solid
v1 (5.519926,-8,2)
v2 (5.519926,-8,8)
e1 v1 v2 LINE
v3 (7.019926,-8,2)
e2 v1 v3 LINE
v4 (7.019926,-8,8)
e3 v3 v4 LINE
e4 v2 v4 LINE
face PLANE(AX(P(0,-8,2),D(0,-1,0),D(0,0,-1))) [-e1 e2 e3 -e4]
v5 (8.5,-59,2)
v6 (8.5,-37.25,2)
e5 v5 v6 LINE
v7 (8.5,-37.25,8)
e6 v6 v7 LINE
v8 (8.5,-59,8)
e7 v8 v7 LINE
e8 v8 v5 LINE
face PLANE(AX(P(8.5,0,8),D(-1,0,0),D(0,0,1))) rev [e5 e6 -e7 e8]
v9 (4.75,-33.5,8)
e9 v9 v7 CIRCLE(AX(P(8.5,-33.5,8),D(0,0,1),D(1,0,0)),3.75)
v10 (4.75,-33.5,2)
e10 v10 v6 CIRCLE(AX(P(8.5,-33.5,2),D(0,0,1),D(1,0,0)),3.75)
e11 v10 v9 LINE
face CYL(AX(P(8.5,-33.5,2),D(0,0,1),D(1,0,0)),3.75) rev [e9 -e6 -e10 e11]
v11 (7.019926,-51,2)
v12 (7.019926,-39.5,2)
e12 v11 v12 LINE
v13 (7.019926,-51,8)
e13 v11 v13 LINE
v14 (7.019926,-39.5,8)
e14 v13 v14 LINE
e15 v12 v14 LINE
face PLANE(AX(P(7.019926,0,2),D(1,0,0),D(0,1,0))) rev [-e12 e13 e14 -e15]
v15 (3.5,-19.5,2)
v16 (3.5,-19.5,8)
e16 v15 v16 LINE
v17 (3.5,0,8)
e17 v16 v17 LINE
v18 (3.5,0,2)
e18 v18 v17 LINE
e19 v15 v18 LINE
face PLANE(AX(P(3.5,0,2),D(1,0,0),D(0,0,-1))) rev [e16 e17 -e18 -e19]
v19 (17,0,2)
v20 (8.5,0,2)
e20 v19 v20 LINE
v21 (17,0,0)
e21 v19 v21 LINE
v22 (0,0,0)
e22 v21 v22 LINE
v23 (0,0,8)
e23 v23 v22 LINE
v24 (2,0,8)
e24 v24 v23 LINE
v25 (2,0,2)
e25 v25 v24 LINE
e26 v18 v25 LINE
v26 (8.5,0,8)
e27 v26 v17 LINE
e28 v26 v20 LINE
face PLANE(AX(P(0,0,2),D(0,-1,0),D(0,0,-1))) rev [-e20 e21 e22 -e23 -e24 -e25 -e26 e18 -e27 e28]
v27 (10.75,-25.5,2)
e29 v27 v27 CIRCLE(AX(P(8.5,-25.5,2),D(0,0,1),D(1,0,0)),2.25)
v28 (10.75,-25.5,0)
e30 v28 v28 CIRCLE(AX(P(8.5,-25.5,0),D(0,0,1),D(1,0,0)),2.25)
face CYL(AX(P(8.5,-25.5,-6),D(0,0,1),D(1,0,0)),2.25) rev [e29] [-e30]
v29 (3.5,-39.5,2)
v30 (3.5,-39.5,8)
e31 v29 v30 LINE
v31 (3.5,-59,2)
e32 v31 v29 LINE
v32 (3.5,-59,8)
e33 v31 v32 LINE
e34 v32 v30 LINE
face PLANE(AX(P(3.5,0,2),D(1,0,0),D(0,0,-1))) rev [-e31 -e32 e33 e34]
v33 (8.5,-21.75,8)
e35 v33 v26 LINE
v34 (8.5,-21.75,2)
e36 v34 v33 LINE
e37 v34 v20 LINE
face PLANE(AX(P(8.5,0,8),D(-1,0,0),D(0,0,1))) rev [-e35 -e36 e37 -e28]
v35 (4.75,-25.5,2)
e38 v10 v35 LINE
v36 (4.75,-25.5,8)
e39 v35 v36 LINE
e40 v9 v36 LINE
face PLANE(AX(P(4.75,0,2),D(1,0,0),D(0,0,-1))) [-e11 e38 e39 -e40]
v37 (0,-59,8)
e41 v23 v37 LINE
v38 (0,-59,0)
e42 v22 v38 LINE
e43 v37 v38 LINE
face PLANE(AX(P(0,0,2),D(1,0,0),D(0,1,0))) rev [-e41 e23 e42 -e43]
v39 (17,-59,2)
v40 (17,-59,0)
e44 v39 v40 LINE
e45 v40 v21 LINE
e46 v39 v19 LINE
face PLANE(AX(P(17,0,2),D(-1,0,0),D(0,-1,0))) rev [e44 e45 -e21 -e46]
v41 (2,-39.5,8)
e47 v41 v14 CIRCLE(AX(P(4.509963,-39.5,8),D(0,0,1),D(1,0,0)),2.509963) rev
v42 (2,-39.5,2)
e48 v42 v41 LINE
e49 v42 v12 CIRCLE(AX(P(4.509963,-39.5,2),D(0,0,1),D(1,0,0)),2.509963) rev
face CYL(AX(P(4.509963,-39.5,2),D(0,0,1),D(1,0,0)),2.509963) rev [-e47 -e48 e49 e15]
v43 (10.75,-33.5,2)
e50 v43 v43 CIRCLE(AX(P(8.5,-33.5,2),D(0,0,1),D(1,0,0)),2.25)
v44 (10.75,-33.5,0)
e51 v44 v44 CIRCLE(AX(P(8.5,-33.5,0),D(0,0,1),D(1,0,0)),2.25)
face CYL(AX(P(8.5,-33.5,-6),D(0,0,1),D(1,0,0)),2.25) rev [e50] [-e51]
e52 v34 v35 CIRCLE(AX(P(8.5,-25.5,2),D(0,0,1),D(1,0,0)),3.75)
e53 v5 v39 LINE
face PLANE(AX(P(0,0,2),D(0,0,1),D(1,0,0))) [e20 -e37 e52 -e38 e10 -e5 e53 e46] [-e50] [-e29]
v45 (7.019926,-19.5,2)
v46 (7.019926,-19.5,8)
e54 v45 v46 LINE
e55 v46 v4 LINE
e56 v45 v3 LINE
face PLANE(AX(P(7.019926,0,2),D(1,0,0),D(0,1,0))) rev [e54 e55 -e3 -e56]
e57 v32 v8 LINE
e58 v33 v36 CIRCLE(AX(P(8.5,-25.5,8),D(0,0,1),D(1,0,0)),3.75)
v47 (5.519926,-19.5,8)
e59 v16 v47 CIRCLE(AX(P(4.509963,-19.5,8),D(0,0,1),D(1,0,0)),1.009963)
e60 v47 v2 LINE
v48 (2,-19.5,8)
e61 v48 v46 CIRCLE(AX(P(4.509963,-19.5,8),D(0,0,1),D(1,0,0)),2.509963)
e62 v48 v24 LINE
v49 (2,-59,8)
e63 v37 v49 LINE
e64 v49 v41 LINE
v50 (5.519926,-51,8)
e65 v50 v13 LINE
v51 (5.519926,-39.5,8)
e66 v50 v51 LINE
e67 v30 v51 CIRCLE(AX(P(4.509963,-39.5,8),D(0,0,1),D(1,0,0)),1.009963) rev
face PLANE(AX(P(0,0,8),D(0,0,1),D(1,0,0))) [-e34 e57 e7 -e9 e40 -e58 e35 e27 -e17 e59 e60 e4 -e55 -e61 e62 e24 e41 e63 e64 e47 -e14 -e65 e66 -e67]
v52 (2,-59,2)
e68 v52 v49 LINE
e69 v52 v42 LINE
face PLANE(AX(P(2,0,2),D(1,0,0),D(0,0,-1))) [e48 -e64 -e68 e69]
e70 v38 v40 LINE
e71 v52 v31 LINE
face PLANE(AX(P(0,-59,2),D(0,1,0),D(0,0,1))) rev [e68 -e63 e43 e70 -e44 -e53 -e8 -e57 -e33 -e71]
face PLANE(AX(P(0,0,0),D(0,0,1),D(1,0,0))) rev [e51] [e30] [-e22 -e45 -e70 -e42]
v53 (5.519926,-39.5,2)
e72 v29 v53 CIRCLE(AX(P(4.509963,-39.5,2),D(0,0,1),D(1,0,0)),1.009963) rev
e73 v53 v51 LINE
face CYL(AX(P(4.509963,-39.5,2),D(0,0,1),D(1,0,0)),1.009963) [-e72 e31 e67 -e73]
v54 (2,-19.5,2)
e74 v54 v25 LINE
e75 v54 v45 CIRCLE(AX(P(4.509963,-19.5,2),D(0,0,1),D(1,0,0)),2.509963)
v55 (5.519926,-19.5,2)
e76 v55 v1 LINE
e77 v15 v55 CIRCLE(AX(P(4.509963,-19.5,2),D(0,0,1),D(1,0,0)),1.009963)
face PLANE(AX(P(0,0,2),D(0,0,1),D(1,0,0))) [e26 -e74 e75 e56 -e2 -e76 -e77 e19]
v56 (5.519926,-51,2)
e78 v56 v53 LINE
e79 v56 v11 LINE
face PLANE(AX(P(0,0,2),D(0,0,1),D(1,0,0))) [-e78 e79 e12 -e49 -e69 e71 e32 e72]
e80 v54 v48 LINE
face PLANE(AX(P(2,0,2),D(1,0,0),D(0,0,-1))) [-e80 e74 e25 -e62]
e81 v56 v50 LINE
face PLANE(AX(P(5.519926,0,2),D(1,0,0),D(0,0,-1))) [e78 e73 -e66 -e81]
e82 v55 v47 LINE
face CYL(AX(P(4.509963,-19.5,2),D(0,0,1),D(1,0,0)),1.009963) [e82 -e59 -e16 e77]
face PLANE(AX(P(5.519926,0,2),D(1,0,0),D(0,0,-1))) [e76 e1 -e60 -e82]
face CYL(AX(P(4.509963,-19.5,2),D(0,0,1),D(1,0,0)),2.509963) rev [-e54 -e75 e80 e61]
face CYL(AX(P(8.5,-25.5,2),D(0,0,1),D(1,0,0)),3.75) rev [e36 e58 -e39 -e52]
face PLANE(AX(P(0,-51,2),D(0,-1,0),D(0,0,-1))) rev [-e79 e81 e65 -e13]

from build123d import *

# Parameters (mm, degrees)
ESQUISSE1_W             = 17
ESQUISSE1_H             = 59
BOSS_EXTRU_1_DEPTH      = 2
ESQUISSE2_W             = 8.5
ESQUISSE2_H             = 59
BOSS_EXTRU_2_DEPTH      = 6
ESQUISSE3_W             = 1.5
ESQUISSE3_H             = 19.5
ESQUISSE3_H_2           = 11.5
ENL_V_MAT_EXTRU_1_DEPTH = 6
ESQUISSE4_R             = 2.25
ENL_V_MAT_EXTRU_2_DEPTH = 14
ENL_V_MAT_EXTRU_3_DEPTH = 6


with BuildPart() as part:
    # Esquisse1 → Boss.-Extru.1 (new body)
    with BuildSketch(Plane.XY):
        with Locations((8.5, -29.5)):
            Rectangle(ESQUISSE1_W, ESQUISSE1_H)
    extrude(amount=BOSS_EXTRU_1_DEPTH)

    # Esquisse2 → Boss.-Extru.2 (add)
    with BuildSketch(Plane.XY.offset(2)):
        with Locations((4.25, -29.5)):
            Rectangle(ESQUISSE2_W, ESQUISSE2_H)
    extrude(amount=BOSS_EXTRU_2_DEPTH)

    # Esquisse3 → Enlèv. mat.-Extru.1 (cut)
    with BuildSketch(Plane.XY.offset(8)):
        with Locations((2.75, -49.25)):
            Rectangle(ESQUISSE3_W, ESQUISSE3_H)
        with BuildLine():
            ThreePointArc((3.5, -37.202199257), (2.408191843, -38.127967907), (2, -39.5))
            Line((2, -39.5), (3.5, -39.5))
            Line((3.5, -39.5), (3.5, -37.202199257))
        make_face()
        with BuildLine():
            Line((3.5, -37.202199257), (3.5, -39.5))
            ThreePointArc((3.5, -39.5), (4.509962751, -38.490037249), (5.519925502, -39.5))
            Line((5.519925502, -39.5), (5.519925502, -37.202199257))
            ThreePointArc((5.519925502, -37.202199257), (4.509962751, -36.990037249), (3.5, -37.202199257))
        make_face()
        with BuildLine():
            Line((5.519925502, -37.202199257), (5.519925502, -39.5))
            Line((5.519925502, -39.5), (7.019925502, -39.5))
            ThreePointArc((7.019925502, -39.5), (6.611733659, -38.127967907), (5.519925502, -37.202199257))
        make_face()
        with Locations((6.269925502, -45.25)):
            Rectangle(ESQUISSE3_W, ESQUISSE3_H_2)
        with Locations((6.269925502, -13.75)):
            Rectangle(ESQUISSE3_W, ESQUISSE3_H_2)
        with Locations((2.75, -9.75)):
            Rectangle(ESQUISSE3_W, ESQUISSE3_H)
        with BuildLine():
            Line((3.5, -19.5), (2, -19.5))
            ThreePointArc((2, -19.5), (2.408191843, -20.872032093), (3.5, -21.797800743))
            Line((3.5, -21.797800743), (3.5, -19.5))
        make_face()
        with BuildLine():
            ThreePointArc((5.519925502, -19.5), (4.509962751, -20.509962751), (3.5, -19.5))
            Line((3.5, -19.5), (3.5, -21.797800743))
            ThreePointArc((3.5, -21.797800743), (4.509962751, -22.009962751), (5.519925502, -21.797800743))
            Line((5.519925502, -21.797800743), (5.519925502, -19.5))
        make_face()
        with BuildLine():
            Line((7.019925502, -19.5), (5.519925502, -19.5))
            Line((5.519925502, -19.5), (5.519925502, -21.797800743))
            ThreePointArc((5.519925502, -21.797800743), (6.611733659, -20.872032093), (7.019925502, -19.5))
        make_face()
    extrude(amount=-ENL_V_MAT_EXTRU_1_DEPTH, mode=Mode.SUBTRACT)

    # Esquisse4 → Enlèv. mat.-Extru.2 (cut)
    with BuildSketch(Plane.XY.offset(8)):
        with Locations((8.5, -33.5)):
            Circle(ESQUISSE4_R)
        with Locations((8.5, -25.5)):
            Circle(ESQUISSE4_R)
    extrude(amount=-ENL_V_MAT_EXTRU_2_DEPTH, mode=Mode.SUBTRACT)

    # Esquisse5 → Enlèv. mat.-Extru.3 (cut)
    with BuildSketch(Plane.XY.offset(8)):
        with BuildLine():
            Line((4.75, -25.5), (4.75, -33.5))
            ThreePointArc((4.75, -33.5), (5.848349571, -30.848349571), (8.5, -29.75))
            Line((8.5, -29.75), (8.5, -29.25))
            ThreePointArc((8.5, -29.25), (5.848349571, -28.151650429), (4.75, -25.5))
        make_face()
        with BuildLine():
            ThreePointArc((8.5, -21.75), (5.848349571, -22.848349571), (4.75, -25.5))
            ThreePointArc((4.75, -25.5), (5.848349571, -28.151650429), (8.5, -29.25))
            Line((8.5, -29.25), (8.5, -27.75))
            ThreePointArc((8.5, -27.75), (6.25, -25.5), (8.5, -23.25))
            Line((8.5, -23.25), (8.5, -21.75))
        make_face()
        with BuildLine():
            ThreePointArc((12.25, -25.5), (11.151650429, -22.848349571), (8.5, -21.75))
            Line((8.5, -21.75), (8.5, -23.25))
            ThreePointArc((8.5, -23.25), (6.25, -25.5), (8.5, -27.75))
            Line((8.5, -27.75), (8.5, -29.25))
            ThreePointArc((8.5, -29.25), (11.151650429, -28.151650429), (12.25, -25.5))
        make_face()
        with BuildLine():
            ThreePointArc((8.5, -29.75), (5.848349571, -30.848349571), (4.75, -33.5))
            ThreePointArc((4.75, -33.5), (5.848349571, -36.151650429), (8.5, -37.25))
            Line((8.5, -37.25), (8.5, -35.75))
            ThreePointArc((8.5, -35.75), (6.25, -33.5), (8.5, -31.25))
            Line((8.5, -31.25), (8.5, -29.75))
        make_face()
        with BuildLine():
            ThreePointArc((12.25, -33.5), (11.151650429, -30.848349571), (8.5, -29.75))
            Line((8.5, -29.75), (8.5, -31.25))
            ThreePointArc((8.5, -31.25), (6.25, -33.5), (8.5, -35.75))
            Line((8.5, -35.75), (8.5, -37.25))
            ThreePointArc((8.5, -37.25), (11.151650429, -36.151650429), (12.25, -33.5))
        make_face()
    extrude(amount=-ENL_V_MAT_EXTRU_3_DEPTH, mode=Mode.SUBTRACT)


solid = part.part
